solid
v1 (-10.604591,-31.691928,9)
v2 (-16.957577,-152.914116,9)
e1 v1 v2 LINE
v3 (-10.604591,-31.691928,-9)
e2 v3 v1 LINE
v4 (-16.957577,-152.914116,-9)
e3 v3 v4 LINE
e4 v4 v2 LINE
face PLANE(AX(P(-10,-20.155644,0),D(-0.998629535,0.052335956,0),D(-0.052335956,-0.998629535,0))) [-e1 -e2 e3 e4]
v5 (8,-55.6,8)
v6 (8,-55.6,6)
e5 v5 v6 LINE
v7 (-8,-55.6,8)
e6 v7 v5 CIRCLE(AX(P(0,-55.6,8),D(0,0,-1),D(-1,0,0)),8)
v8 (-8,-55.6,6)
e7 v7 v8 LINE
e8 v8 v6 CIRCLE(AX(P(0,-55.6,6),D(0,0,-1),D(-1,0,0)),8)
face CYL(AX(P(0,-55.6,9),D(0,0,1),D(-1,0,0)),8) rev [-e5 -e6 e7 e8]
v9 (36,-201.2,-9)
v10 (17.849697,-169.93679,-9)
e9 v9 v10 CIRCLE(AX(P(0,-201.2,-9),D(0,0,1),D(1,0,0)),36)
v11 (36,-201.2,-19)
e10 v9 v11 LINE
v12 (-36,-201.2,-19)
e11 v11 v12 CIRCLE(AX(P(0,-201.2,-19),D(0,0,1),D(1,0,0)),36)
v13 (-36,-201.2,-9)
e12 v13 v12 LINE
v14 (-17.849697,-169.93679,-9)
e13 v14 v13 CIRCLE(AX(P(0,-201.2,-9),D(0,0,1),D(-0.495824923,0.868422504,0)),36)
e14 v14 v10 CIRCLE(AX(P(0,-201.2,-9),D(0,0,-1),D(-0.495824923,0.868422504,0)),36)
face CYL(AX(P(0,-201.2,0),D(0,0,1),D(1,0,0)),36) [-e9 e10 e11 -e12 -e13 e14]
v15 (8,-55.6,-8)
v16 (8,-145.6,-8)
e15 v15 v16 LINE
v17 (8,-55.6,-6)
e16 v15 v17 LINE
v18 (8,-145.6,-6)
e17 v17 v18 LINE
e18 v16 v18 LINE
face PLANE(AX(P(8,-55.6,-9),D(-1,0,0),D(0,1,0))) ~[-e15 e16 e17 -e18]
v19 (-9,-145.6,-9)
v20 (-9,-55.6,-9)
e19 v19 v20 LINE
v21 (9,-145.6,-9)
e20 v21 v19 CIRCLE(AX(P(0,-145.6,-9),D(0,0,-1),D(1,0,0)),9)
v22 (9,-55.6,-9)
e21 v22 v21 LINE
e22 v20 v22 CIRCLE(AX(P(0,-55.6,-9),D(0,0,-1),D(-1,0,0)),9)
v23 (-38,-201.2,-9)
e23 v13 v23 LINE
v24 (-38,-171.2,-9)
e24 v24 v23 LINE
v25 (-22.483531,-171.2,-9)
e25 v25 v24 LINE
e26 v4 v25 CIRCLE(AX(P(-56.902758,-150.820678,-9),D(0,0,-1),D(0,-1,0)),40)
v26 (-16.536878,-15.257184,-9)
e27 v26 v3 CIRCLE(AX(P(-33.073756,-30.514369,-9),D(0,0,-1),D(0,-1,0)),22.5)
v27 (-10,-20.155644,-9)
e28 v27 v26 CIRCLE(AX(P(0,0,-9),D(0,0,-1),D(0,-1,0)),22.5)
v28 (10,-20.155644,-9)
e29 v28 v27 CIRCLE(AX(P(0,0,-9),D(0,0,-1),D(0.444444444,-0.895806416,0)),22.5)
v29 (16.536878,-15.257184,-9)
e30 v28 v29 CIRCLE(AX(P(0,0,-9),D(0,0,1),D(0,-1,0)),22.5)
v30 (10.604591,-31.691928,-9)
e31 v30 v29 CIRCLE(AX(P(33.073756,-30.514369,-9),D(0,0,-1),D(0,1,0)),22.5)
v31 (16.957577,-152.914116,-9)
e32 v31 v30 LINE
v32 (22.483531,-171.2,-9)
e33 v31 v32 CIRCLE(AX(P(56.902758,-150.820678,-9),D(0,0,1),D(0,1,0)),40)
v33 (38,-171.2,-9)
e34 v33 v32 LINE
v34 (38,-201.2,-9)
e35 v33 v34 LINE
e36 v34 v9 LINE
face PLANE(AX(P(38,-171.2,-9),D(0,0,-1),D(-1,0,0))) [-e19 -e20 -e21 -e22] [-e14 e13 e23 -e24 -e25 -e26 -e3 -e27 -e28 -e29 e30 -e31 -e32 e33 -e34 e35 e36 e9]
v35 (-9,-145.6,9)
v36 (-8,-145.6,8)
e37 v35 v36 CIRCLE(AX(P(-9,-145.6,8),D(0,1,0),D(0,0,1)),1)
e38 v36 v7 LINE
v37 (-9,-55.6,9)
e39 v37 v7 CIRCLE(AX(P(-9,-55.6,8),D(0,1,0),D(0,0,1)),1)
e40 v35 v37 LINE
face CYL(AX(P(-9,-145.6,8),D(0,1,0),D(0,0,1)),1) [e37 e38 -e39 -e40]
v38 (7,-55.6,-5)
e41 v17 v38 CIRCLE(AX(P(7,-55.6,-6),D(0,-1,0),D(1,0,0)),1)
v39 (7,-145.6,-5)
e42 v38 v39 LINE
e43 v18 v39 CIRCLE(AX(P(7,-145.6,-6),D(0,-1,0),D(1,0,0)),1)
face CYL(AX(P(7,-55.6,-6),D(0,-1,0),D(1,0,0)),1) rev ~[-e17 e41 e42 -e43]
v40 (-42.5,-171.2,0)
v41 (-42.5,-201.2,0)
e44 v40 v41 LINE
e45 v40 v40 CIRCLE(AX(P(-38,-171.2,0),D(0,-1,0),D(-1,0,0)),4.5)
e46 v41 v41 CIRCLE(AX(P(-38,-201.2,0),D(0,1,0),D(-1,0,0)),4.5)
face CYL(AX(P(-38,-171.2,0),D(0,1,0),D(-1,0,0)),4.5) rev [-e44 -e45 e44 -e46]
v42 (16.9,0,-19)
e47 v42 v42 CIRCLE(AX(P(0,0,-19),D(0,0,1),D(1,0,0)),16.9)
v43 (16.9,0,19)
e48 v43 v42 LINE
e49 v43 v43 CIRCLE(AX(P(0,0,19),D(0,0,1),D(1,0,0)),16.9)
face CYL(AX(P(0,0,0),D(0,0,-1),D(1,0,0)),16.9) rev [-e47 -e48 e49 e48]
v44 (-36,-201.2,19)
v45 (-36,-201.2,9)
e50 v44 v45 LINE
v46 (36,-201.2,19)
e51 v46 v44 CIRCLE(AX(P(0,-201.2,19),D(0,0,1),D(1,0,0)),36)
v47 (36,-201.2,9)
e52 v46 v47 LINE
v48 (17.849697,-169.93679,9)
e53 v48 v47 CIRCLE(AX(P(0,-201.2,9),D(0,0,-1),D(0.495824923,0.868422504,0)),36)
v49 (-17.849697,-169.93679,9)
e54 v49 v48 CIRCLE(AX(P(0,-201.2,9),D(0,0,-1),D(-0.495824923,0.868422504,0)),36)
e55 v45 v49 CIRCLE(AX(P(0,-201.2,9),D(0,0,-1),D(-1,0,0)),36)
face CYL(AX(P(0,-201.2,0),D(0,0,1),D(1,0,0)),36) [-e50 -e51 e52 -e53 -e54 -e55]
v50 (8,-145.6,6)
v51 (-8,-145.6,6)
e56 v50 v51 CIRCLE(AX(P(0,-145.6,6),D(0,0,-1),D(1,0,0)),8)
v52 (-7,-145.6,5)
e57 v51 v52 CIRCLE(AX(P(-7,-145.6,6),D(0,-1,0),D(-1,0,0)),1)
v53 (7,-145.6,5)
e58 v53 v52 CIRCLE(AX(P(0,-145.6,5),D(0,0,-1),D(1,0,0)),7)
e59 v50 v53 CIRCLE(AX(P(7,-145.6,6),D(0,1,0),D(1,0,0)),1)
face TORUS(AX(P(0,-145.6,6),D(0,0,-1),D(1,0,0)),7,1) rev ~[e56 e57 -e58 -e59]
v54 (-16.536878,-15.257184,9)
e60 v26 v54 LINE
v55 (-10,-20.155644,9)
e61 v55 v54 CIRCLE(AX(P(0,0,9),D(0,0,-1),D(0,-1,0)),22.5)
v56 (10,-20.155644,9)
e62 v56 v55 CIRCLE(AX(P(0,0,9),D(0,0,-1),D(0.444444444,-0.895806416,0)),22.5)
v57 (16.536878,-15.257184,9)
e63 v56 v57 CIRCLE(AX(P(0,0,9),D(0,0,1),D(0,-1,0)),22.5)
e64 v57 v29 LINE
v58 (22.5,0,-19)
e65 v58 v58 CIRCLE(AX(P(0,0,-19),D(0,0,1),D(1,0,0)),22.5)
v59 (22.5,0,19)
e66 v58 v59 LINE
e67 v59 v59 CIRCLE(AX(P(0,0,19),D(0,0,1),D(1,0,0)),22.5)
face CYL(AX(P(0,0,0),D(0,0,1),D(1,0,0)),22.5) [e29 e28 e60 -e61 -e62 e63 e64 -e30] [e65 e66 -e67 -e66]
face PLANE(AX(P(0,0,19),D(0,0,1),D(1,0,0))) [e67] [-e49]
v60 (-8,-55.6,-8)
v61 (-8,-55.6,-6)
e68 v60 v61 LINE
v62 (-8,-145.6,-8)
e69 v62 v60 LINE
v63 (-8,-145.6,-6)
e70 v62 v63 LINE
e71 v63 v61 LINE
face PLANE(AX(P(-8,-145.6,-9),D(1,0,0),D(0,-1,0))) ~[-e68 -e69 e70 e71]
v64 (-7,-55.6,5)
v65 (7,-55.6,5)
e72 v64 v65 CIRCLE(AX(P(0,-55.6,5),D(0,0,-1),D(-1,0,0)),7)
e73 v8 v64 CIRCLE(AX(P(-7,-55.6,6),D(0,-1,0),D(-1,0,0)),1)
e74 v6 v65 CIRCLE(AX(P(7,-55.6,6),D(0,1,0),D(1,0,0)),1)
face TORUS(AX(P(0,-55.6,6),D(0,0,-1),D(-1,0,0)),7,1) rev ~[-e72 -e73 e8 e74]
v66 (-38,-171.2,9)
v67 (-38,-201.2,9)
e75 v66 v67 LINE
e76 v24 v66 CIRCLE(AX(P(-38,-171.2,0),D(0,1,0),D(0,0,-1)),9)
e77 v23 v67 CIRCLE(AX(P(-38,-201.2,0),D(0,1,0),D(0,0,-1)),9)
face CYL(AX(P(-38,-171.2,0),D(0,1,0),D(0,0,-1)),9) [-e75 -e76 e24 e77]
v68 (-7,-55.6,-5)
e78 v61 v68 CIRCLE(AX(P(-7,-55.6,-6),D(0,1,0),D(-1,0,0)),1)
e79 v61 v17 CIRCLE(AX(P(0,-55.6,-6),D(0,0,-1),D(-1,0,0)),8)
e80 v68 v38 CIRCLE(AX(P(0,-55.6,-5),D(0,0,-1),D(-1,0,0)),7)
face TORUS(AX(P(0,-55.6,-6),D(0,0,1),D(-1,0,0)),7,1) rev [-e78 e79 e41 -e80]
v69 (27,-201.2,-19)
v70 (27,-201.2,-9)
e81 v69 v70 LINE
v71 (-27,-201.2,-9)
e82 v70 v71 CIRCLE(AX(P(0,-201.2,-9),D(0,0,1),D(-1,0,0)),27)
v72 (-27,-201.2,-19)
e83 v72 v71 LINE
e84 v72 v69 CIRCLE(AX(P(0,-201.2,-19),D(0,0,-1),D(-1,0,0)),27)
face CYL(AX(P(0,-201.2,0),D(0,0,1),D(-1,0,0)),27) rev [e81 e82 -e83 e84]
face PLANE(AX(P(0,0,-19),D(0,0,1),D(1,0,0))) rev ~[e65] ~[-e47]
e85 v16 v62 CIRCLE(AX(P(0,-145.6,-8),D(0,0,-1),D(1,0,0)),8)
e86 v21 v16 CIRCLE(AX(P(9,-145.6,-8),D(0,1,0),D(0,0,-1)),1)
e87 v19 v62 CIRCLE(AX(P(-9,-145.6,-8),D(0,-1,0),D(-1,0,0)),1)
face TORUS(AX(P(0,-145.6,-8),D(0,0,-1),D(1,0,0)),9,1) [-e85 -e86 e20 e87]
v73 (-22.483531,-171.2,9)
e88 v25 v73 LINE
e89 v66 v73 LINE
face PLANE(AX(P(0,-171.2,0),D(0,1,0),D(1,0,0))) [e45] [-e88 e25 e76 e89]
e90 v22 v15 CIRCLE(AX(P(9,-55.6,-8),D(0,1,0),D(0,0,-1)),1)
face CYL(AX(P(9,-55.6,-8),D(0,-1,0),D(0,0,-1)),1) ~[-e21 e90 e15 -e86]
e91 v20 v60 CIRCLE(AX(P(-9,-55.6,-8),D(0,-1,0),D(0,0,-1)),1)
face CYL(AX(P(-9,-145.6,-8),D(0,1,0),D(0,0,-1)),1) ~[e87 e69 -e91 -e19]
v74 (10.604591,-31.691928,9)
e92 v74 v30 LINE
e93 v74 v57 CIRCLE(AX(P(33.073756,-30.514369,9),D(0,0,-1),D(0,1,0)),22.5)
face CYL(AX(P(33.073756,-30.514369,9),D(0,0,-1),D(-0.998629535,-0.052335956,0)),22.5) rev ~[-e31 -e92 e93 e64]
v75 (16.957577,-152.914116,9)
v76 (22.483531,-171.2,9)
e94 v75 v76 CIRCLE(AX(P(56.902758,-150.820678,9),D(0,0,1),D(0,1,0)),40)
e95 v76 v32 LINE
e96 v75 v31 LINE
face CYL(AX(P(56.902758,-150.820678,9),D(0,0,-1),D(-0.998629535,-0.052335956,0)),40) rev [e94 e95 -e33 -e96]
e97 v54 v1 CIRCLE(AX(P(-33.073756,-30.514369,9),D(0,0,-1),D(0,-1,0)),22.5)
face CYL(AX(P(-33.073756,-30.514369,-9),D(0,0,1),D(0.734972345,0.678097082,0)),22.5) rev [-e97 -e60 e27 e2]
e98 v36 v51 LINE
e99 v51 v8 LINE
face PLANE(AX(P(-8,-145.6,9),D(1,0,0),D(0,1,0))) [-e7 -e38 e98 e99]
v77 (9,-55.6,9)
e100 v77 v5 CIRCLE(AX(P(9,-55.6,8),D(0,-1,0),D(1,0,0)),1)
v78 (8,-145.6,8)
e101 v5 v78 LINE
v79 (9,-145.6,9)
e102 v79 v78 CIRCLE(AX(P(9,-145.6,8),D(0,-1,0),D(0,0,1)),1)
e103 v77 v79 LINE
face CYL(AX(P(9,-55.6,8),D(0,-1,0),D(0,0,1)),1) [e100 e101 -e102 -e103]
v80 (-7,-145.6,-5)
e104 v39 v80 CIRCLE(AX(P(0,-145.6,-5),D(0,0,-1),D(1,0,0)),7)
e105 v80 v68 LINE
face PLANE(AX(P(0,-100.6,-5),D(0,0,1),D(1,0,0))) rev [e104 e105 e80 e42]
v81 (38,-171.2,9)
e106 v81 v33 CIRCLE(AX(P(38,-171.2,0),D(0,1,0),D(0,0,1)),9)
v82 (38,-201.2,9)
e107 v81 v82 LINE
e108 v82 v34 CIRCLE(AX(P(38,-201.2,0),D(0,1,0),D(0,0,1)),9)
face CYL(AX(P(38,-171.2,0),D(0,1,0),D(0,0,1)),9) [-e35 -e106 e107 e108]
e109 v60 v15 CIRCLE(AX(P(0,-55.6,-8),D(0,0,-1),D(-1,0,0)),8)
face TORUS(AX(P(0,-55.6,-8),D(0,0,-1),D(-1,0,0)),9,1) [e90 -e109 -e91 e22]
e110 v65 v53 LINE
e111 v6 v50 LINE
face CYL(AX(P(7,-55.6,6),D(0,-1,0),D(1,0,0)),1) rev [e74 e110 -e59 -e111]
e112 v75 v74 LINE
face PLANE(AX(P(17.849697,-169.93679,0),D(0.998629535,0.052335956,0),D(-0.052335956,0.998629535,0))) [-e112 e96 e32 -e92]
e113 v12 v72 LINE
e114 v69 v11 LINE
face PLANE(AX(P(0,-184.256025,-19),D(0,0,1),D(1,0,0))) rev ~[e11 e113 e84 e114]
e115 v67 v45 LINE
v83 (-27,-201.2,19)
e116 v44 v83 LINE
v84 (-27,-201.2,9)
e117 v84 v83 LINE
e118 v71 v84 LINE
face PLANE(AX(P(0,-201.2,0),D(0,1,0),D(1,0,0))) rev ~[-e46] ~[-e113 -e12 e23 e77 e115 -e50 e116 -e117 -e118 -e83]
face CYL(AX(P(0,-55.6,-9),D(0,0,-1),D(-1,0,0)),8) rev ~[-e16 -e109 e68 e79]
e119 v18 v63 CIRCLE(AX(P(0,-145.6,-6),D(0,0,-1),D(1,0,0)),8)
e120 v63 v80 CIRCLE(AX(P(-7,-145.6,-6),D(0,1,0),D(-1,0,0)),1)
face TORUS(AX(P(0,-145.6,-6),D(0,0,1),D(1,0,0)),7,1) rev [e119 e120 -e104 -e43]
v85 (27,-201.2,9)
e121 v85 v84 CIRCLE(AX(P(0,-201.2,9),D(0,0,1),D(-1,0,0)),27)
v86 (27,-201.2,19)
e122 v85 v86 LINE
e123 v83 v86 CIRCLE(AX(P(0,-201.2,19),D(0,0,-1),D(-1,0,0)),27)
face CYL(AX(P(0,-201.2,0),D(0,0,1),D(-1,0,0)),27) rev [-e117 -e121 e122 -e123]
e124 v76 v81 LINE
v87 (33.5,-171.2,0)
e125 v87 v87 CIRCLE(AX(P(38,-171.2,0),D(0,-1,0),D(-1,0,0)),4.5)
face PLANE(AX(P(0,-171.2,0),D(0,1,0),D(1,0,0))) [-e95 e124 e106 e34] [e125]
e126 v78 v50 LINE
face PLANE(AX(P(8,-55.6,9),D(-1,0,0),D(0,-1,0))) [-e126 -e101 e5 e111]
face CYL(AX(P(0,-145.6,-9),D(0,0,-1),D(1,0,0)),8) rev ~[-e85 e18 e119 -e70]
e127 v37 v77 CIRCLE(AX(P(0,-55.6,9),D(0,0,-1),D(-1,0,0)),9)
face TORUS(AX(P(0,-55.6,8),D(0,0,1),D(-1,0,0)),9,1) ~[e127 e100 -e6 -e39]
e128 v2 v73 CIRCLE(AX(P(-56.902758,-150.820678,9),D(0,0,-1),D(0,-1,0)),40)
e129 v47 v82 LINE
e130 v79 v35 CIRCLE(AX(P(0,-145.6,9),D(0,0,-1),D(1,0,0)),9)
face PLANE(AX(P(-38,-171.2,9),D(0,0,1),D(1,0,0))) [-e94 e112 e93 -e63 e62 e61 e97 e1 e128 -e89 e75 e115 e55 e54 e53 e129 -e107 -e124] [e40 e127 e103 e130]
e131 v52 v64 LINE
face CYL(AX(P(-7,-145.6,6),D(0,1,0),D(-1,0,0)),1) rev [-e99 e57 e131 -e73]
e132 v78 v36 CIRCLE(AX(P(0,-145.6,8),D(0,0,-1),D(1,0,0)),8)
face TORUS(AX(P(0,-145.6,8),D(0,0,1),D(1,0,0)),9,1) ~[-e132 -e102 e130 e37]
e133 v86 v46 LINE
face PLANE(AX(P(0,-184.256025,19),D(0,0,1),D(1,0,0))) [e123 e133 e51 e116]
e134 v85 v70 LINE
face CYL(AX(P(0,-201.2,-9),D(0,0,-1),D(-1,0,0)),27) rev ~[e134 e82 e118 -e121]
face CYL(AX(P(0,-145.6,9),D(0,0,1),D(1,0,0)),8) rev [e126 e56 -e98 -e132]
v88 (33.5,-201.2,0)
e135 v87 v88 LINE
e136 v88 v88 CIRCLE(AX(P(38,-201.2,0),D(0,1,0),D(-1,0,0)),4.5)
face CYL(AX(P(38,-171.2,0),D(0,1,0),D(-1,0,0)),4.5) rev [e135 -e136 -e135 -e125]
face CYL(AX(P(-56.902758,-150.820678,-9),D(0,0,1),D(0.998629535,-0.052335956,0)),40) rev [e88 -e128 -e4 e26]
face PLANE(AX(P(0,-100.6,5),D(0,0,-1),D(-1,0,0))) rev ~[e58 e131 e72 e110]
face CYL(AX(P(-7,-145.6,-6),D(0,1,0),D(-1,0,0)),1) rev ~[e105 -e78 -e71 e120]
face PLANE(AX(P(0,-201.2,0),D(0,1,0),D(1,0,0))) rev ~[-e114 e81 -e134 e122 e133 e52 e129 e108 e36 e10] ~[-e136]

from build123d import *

# Parameters (mm, degrees)
SKETCH1_R             = 22.5
SKETCH1_R_2           = 16.9
BOSS_EXTRUDE1_DEPTH   = 19
BOSS_EXTRUDE1_2_DEPTH = 19
BOSS_EXTRUDE2_DEPTH   = 9
CUT_EXTRUDE1_DEPTH    = 4
FILLET1_R             = 1
FILLET2_R             = 40
FILLET3_R             = 22.5
BOSS_EXTRUDE5_DEPTH   = 30
SKETCH6_R             = 27
CUT_EXTRUDE2_DEPTH    = 37
SKETCH7_R             = 4.5
CUT_EXTRUDE3_DEPTH    = 37


with BuildPart() as part:
    # Sketch1 → Boss-Extrude1 (new body, symmetric)
    with BuildSketch(Plane.XY):
        Circle(SKETCH1_R)
        Circle(SKETCH1_R_2, mode=Mode.SUBTRACT)
    extrude(amount=BOSS_EXTRUDE1_DEPTH, both=True)



with BuildPart() as body_2:
    # Sketch1 → Boss-Extrude1 2 (new body, symmetric)
    with BuildSketch(Plane.XY):
        with BuildLine():
            Line((-36, -201.2), (-27, -201.2))
            ThreePointArc((-27, -201.2), (0, -174.2), (27, -201.2))
            Line((27, -201.2), (36, -201.2))
            ThreePointArc((36, -201.2), (0, -165.2), (-36, -201.2))
        make_face()
    extrude(amount=BOSS_EXTRUDE1_2_DEPTH, both=True)


with BuildPart() as part_1:
    add(part.part)

    add(body_2.part)  # Boss-Extrude2 merges body 2
    # Sketch1<3> → Boss-Extrude2 (add, symmetric)
    with BuildSketch(Plane.XY):
        with BuildLine():
            ThreePointArc((10, -20.155644371), (0, -22.5), (-10, -20.155644371))
            Line((-10, -20.155644371), (-17.849697213, -169.936789841))
            ThreePointArc((-17.849697213, -169.936789841), (0, -165.2), (17.849697213, -169.936789841))
            Line((17.849697213, -169.936789841), (10, -20.155644371))
        make_face()
    extrude(amount=BOSS_EXTRUDE2_DEPTH, both=True)

    # Sketch2 → Cut-Extrude1 (cut)
    with BuildSketch(Plane.XY.offset(9)):
        with BuildLine():
            Line((-8, -145.6), (-8, -55.6))
            ThreePointArc((-8, -55.6), (0, -47.6), (8, -55.6))
            Line((8, -55.6), (8, -145.6))
            ThreePointArc((8, -145.6), (0, -153.6), (-8, -145.6))
        make_face()
    cut_extrude1 = extrude(amount=-CUT_EXTRUDE1_DEPTH, mode=Mode.SUBTRACT)

    # Mirror1: Cut-Extrude1 across plane
    add(cut_extrude1.mirror(Plane.XY), mode=Mode.SUBTRACT)

    # Fillet1
    fillet1_edges = [part_1.edges().sort_by_distance(p)[0] for p in [
        (8, -100.6, 5),
        (0, -153.6, 5),
        (-8, -100.6, 9),
        (0, -47.6, 5),
        (-8, -100.6, 5),
        (8, -100.6, 9),
        (0, -47.6, 9),
        (0, -153.6, 9),
        (8, -100.6, -9),
        (0, -47.6, -9),
        (-8, -100.6, -5),
        (0, -153.6, -9),
        (8, -100.6, -5),
        (0, -47.6, -5),
        (0, -153.6, -5),
        (-8, -100.6, -9),
    ]]
    fillet(fillet1_edges, radius=FILLET1_R)

    # Fillet2
    fillet2_edges = [part_1.edges().sort_by_distance(p)[0] for p in [
        (-17.849697213, -169.936789841, 0),
        (17.849697213, -169.936789841, 0),
    ]]
    fillet(fillet2_edges, radius=FILLET2_R)

    # Fillet3
    fillet3_edges = [part_1.edges().sort_by_distance(p)[0] for p in [
        (10, -20.155644371, 0),
        (-10, -20.155644371, 0),
    ]]
    fillet(fillet3_edges, radius=FILLET3_R)

    # Sketch3 → Boss-Extrude5 (add)
    with BuildSketch(Plane(origin=(0, -171.2, 0), x_dir=(-1, 0, 0), z_dir=(0, -1, 0))):
        with BuildLine():
            Line((38, -9), (-38, -9))
            ThreePointArc((-38, -9), (-47, 0), (-38, 9))
            Line((-38, 9), (38, 9))
            ThreePointArc((38, 9), (47, 0), (38, -9))
        make_face()
    extrude(amount=BOSS_EXTRUDE5_DEPTH)

    # Sketch6 → Cut-Extrude2 (cut)
    with BuildSketch(Plane(origin=(0, 0, -9), x_dir=(-1, 0, 0), z_dir=(0, 0, -1))):
        with Locations((0, -201.2)):
            Circle(SKETCH6_R)
    extrude(amount=-CUT_EXTRUDE2_DEPTH, mode=Mode.SUBTRACT)

    # Sketch7 → Cut-Extrude3 (cut)
    with BuildSketch(Plane(origin=(0, -171.2, 0), x_dir=(-1, 0, 0), z_dir=(0, -1, 0))):
        with Locations((-38, 0)):
            Circle(SKETCH7_R)
        with Locations((38, 0)):
            Circle(SKETCH7_R)
    extrude(amount=CUT_EXTRUDE3_DEPTH, mode=Mode.SUBTRACT)


solid = part_1.part
